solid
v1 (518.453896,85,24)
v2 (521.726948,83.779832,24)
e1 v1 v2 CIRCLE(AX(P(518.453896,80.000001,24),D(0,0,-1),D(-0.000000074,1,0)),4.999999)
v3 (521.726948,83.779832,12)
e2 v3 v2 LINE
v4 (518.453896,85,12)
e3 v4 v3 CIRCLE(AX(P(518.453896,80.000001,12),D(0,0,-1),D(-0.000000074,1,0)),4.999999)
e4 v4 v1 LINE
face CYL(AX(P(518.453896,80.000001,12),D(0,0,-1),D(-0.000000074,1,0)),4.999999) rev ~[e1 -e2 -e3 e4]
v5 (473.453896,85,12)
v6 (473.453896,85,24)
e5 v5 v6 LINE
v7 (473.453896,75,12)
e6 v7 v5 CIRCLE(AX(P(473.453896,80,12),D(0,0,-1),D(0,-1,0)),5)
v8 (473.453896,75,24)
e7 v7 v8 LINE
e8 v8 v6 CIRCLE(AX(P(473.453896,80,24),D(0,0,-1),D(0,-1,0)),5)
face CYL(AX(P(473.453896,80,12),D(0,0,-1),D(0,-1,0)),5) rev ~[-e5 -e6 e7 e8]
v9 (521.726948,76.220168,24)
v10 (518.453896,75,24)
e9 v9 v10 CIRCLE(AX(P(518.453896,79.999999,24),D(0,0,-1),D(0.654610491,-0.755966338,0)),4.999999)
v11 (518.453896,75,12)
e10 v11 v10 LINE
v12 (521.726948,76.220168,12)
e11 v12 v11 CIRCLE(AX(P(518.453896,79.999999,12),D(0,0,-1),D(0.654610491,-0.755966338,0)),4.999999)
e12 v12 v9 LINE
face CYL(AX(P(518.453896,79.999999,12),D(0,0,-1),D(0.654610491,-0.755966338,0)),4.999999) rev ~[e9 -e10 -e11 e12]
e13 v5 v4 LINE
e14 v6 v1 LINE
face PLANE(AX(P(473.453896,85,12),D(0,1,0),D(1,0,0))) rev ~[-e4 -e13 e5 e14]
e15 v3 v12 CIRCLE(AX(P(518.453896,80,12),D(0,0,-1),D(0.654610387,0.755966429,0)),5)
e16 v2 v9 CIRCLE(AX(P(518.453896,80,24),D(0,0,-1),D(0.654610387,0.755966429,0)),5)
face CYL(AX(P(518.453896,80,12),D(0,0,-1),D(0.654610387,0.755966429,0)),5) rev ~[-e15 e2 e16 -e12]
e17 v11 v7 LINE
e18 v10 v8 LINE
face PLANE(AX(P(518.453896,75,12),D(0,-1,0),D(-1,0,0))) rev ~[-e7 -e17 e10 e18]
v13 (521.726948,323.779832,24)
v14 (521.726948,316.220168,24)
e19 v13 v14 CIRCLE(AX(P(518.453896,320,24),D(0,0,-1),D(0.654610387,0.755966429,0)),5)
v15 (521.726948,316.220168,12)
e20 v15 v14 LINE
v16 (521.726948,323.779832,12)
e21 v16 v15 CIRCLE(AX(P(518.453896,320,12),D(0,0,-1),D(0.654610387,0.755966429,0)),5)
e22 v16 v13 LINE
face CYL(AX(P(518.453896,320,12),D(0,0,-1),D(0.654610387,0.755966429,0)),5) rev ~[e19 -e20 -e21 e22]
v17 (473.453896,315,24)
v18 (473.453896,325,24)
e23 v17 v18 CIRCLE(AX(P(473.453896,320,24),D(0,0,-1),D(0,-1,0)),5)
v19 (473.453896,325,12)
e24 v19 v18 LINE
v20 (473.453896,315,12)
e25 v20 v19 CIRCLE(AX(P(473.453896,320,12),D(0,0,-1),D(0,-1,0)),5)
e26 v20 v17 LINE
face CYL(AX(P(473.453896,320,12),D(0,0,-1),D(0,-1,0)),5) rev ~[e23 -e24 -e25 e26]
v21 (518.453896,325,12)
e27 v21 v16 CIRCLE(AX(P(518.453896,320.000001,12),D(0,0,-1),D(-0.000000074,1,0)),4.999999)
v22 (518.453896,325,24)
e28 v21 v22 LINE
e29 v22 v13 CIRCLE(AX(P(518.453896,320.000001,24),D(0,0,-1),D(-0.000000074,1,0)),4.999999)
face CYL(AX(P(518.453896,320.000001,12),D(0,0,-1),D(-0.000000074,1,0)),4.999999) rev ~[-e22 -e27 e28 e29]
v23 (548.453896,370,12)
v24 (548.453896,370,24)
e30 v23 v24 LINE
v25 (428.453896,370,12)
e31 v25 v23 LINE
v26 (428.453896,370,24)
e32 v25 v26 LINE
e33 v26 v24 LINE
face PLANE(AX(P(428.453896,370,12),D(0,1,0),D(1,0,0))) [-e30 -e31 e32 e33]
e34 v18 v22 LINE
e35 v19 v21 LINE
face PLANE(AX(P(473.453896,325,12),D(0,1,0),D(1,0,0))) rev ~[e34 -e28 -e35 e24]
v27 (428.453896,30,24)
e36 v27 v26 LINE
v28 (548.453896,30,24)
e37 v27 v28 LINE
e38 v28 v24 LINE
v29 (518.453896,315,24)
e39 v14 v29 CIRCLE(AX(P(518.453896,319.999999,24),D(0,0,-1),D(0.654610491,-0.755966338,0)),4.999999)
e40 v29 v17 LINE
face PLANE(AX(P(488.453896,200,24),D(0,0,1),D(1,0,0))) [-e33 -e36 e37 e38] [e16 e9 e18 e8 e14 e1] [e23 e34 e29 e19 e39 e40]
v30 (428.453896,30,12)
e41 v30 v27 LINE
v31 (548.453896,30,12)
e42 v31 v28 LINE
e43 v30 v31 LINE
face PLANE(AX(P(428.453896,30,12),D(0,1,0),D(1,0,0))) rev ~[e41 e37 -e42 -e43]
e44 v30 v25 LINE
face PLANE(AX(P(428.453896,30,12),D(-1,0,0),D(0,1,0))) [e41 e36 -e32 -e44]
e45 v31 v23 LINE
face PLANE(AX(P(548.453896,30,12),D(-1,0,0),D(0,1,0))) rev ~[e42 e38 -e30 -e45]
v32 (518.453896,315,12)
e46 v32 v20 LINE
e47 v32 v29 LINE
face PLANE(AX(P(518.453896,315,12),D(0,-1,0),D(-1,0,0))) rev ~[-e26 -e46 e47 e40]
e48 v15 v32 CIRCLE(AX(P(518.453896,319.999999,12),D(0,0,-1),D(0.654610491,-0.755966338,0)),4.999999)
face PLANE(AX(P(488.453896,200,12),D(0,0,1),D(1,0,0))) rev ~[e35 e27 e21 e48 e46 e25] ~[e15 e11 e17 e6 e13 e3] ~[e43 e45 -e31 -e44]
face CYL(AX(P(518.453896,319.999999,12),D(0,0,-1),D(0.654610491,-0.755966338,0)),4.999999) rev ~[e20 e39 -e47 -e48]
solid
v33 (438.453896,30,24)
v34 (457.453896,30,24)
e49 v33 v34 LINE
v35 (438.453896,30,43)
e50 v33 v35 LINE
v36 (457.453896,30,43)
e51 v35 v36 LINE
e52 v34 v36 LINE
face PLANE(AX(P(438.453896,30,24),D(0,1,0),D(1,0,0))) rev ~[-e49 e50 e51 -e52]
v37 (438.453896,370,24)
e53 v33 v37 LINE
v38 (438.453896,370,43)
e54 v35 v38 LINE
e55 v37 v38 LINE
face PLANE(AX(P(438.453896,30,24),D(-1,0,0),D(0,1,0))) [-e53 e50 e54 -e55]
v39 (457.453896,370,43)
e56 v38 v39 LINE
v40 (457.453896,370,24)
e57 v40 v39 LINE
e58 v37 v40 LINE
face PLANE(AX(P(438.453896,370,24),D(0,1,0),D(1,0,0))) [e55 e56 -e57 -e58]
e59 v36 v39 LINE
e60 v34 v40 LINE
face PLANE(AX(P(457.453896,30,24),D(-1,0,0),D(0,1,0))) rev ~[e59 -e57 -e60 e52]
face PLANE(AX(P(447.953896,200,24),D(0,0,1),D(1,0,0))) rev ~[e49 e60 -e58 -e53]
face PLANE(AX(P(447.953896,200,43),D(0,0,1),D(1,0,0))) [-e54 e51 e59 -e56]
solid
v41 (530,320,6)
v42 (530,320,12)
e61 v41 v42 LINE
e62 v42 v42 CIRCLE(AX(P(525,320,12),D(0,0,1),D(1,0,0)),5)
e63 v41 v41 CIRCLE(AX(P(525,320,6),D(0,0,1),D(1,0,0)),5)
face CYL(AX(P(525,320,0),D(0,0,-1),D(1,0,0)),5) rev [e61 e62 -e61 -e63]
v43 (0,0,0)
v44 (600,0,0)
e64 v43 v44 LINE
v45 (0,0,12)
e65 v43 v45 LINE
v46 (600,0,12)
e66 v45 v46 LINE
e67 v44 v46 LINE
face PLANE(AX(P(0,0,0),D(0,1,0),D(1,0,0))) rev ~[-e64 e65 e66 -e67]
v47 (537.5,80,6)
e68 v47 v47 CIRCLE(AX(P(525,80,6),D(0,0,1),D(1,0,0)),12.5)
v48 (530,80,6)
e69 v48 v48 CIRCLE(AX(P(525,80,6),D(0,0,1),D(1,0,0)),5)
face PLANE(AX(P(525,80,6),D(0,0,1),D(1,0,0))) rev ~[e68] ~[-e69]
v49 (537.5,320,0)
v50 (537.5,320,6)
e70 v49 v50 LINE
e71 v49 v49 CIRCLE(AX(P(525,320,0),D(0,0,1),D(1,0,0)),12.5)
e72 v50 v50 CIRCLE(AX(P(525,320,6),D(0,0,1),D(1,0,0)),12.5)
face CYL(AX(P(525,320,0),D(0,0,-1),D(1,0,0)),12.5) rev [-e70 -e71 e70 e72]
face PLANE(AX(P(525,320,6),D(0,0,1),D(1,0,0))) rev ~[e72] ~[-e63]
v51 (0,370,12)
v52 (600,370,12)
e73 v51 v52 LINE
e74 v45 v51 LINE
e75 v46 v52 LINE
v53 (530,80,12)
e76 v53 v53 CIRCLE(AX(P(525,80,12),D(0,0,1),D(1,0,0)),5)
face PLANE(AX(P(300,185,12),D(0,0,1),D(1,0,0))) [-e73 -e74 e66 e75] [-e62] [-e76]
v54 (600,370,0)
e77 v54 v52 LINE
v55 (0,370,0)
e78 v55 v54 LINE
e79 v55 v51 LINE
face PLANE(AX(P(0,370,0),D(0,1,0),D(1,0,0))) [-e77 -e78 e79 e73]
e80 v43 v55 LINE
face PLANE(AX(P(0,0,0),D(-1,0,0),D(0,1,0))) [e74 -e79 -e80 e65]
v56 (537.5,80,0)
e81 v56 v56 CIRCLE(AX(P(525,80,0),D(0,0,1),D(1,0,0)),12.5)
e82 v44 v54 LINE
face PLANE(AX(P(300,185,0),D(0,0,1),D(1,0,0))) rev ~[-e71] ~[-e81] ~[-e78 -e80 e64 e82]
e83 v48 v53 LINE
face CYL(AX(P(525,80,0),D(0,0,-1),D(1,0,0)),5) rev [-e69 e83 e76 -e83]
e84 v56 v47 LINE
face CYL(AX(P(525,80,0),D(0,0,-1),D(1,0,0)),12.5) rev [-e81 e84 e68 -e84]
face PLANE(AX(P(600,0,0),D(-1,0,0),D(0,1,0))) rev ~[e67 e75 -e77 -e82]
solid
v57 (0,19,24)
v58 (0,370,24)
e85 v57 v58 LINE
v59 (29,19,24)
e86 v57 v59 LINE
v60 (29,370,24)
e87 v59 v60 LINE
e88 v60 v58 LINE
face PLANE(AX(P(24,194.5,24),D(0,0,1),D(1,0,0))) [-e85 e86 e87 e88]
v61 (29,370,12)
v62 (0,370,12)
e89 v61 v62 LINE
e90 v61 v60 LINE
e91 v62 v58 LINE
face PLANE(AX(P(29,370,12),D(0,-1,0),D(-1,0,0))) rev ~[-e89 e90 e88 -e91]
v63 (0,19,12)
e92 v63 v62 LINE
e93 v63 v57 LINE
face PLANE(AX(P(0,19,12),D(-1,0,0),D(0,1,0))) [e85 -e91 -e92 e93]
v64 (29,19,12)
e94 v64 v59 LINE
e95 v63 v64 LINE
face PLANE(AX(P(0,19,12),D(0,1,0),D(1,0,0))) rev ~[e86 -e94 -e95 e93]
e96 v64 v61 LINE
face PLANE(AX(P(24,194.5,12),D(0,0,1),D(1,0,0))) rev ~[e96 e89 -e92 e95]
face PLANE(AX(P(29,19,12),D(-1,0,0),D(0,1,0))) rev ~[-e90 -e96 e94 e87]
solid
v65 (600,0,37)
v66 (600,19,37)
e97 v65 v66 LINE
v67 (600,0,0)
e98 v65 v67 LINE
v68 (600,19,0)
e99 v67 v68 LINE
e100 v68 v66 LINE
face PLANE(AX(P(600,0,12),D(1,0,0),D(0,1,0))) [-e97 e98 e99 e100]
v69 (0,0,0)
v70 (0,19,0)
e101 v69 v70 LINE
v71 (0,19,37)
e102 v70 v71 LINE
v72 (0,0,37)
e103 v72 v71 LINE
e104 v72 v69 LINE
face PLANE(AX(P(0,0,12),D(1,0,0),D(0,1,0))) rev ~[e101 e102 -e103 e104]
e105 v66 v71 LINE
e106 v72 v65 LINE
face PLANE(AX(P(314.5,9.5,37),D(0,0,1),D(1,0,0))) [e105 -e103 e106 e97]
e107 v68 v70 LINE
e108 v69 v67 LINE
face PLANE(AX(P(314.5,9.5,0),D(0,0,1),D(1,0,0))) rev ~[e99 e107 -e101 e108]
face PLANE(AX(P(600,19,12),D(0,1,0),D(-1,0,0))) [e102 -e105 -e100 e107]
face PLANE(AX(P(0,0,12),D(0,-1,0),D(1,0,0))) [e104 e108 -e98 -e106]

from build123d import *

# Parameters (mm, degrees)
F0_W          = 600
F0_H          = 370
F0_R          = 12.5
F0_R_2        = 5
F1_DEPTH      = 12
F2_DEPTH      = 6
F3_W          = 120
F3_H          = 340
F3_W_2        = 10
F3_H_2        = 351
F3_W_3        = 19
F4_DEPTH      = 12
F5_W          = 19
F5_H          = 340
F6_DEPTH      = 19
F3_W_4        = 571
F3_H_3        = 19
F7_DEPTH      = 25
F7_DEPTH_BACK = 12


with BuildPart() as f1:
    # F0 (on Top) → F1 (new body)
    with BuildSketch(Plane.XY):
        with Locations((300, 185)):
            Rectangle(F0_W, F0_H)
        with Locations((525, 80)):
            Circle(F0_R, mode=Mode.SUBTRACT)
        with Locations((525, 320)):
            Circle(F0_R, mode=Mode.SUBTRACT)
        with Locations((525, 80)):
            Circle(F0_R)
        with Locations((525, 80)):
            Circle(F0_R_2, mode=Mode.SUBTRACT)
        with Locations((525, 320)):
            Circle(F0_R)
        with Locations((525, 320)):
            Circle(F0_R_2, mode=Mode.SUBTRACT)
    extrude(amount=F1_DEPTH)

    # F0 (on Top) → F2 (cut)
    with BuildSketch(Plane.XY):
        with Locations((525, 80)):
            Circle(F0_R)
        with Locations((525, 80)):
            Circle(F0_R_2, mode=Mode.SUBTRACT)
        with Locations((525, 320)):
            Circle(F0_R)
        with Locations((525, 320)):
            Circle(F0_R_2, mode=Mode.SUBTRACT)
    extrude(amount=F2_DEPTH, mode=Mode.SUBTRACT)


with BuildPart() as f4:
    # F3 (on face) → F4 (new body)
    with BuildSketch(Plane.XY.offset(12)):
        with Locations((488.453896, 200)):
            Rectangle(F3_W, F3_H)
        with BuildLine():
            ThreePointArc((473.453896, 75), (468.453896, 80), (473.453896, 85))
            Line((473.453896, 85), (518.453896, 85))
            ThreePointArc((518.453896, 85), (520.200441, 84.685038), (521.726948, 83.779832))
            ThreePointArc((521.726948, 83.779832), (527.077828, 84.547816), (530, 80))
            ThreePointArc((530, 80), (527.077828, 75.452184), (521.726948, 76.220168))
            ThreePointArc((521.726948, 76.220168), (520.200441, 75.314962), (518.453896, 75))
            Line((518.453896, 75), (473.453896, 75))
        make_face(mode=Mode.SUBTRACT)
        with BuildLine():
            Line((518.453896, 315), (473.453896, 315))
            ThreePointArc((473.453896, 315), (468.453896, 320), (473.453896, 325))
            Line((473.453896, 325), (518.453896, 325))
            ThreePointArc((518.453896, 325), (520.200441, 324.685038), (521.726948, 323.779832))
            ThreePointArc((521.726948, 323.779832), (527.077828, 324.547816), (530, 320))
            ThreePointArc((530, 320), (527.077828, 315.452184), (521.726948, 316.220168))
            ThreePointArc((521.726948, 316.220168), (520.200441, 315.314962), (518.453896, 315))
        make_face(mode=Mode.SUBTRACT)
        with BuildLine():
            ThreePointArc((521.726948, 323.779832), (523.453896, 320), (521.726948, 316.220168))
            ThreePointArc((521.726948, 316.220168), (527.077828, 315.452184), (530, 320))
            ThreePointArc((530, 320), (527.077828, 324.547816), (521.726948, 323.779832))
        make_face()
        with BuildLine():
            ThreePointArc((530, 80), (527.077828, 84.547816), (521.726948, 83.779832))
            ThreePointArc((521.726948, 83.779832), (523.453896, 80), (521.726948, 76.220168))
            ThreePointArc((521.726948, 76.220168), (527.077828, 75.452184), (530, 80))
        make_face()
        with Locations((24, 194.5)):
            Rectangle(F3_W_2, F3_H_2)
        with Locations((9.5, 194.5)):
            Rectangle(F3_W_3, F3_H_2)
    extrude(amount=F4_DEPTH)


with BuildPart() as f6:
    # F5 (on face) → F6 (new body)
    with BuildSketch(Plane.XY.offset(24)):
        with Locations((447.953896, 200)):
            Rectangle(F5_W, F5_H)
    extrude(amount=F6_DEPTH)


with BuildPart() as f7:
    # F3 (on face) → F7 (new body, two sides)
    with BuildSketch(Plane.XY.offset(12)) as f7_sk:
        with Locations((314.5, 9.5)):
            Rectangle(F3_W_4, F3_H_3)
        with Locations((9.5, 9.5)):
            Rectangle(F3_W_3, F3_H_3)
        with Locations((24, 9.5)):
            Rectangle(F3_W_2, F3_H_3)
    extrude(amount=F7_DEPTH)
    extrude(f7_sk.sketch, amount=-F7_DEPTH_BACK)


solid = Compound([f1.part, f4.part, f6.part, f7.part])
